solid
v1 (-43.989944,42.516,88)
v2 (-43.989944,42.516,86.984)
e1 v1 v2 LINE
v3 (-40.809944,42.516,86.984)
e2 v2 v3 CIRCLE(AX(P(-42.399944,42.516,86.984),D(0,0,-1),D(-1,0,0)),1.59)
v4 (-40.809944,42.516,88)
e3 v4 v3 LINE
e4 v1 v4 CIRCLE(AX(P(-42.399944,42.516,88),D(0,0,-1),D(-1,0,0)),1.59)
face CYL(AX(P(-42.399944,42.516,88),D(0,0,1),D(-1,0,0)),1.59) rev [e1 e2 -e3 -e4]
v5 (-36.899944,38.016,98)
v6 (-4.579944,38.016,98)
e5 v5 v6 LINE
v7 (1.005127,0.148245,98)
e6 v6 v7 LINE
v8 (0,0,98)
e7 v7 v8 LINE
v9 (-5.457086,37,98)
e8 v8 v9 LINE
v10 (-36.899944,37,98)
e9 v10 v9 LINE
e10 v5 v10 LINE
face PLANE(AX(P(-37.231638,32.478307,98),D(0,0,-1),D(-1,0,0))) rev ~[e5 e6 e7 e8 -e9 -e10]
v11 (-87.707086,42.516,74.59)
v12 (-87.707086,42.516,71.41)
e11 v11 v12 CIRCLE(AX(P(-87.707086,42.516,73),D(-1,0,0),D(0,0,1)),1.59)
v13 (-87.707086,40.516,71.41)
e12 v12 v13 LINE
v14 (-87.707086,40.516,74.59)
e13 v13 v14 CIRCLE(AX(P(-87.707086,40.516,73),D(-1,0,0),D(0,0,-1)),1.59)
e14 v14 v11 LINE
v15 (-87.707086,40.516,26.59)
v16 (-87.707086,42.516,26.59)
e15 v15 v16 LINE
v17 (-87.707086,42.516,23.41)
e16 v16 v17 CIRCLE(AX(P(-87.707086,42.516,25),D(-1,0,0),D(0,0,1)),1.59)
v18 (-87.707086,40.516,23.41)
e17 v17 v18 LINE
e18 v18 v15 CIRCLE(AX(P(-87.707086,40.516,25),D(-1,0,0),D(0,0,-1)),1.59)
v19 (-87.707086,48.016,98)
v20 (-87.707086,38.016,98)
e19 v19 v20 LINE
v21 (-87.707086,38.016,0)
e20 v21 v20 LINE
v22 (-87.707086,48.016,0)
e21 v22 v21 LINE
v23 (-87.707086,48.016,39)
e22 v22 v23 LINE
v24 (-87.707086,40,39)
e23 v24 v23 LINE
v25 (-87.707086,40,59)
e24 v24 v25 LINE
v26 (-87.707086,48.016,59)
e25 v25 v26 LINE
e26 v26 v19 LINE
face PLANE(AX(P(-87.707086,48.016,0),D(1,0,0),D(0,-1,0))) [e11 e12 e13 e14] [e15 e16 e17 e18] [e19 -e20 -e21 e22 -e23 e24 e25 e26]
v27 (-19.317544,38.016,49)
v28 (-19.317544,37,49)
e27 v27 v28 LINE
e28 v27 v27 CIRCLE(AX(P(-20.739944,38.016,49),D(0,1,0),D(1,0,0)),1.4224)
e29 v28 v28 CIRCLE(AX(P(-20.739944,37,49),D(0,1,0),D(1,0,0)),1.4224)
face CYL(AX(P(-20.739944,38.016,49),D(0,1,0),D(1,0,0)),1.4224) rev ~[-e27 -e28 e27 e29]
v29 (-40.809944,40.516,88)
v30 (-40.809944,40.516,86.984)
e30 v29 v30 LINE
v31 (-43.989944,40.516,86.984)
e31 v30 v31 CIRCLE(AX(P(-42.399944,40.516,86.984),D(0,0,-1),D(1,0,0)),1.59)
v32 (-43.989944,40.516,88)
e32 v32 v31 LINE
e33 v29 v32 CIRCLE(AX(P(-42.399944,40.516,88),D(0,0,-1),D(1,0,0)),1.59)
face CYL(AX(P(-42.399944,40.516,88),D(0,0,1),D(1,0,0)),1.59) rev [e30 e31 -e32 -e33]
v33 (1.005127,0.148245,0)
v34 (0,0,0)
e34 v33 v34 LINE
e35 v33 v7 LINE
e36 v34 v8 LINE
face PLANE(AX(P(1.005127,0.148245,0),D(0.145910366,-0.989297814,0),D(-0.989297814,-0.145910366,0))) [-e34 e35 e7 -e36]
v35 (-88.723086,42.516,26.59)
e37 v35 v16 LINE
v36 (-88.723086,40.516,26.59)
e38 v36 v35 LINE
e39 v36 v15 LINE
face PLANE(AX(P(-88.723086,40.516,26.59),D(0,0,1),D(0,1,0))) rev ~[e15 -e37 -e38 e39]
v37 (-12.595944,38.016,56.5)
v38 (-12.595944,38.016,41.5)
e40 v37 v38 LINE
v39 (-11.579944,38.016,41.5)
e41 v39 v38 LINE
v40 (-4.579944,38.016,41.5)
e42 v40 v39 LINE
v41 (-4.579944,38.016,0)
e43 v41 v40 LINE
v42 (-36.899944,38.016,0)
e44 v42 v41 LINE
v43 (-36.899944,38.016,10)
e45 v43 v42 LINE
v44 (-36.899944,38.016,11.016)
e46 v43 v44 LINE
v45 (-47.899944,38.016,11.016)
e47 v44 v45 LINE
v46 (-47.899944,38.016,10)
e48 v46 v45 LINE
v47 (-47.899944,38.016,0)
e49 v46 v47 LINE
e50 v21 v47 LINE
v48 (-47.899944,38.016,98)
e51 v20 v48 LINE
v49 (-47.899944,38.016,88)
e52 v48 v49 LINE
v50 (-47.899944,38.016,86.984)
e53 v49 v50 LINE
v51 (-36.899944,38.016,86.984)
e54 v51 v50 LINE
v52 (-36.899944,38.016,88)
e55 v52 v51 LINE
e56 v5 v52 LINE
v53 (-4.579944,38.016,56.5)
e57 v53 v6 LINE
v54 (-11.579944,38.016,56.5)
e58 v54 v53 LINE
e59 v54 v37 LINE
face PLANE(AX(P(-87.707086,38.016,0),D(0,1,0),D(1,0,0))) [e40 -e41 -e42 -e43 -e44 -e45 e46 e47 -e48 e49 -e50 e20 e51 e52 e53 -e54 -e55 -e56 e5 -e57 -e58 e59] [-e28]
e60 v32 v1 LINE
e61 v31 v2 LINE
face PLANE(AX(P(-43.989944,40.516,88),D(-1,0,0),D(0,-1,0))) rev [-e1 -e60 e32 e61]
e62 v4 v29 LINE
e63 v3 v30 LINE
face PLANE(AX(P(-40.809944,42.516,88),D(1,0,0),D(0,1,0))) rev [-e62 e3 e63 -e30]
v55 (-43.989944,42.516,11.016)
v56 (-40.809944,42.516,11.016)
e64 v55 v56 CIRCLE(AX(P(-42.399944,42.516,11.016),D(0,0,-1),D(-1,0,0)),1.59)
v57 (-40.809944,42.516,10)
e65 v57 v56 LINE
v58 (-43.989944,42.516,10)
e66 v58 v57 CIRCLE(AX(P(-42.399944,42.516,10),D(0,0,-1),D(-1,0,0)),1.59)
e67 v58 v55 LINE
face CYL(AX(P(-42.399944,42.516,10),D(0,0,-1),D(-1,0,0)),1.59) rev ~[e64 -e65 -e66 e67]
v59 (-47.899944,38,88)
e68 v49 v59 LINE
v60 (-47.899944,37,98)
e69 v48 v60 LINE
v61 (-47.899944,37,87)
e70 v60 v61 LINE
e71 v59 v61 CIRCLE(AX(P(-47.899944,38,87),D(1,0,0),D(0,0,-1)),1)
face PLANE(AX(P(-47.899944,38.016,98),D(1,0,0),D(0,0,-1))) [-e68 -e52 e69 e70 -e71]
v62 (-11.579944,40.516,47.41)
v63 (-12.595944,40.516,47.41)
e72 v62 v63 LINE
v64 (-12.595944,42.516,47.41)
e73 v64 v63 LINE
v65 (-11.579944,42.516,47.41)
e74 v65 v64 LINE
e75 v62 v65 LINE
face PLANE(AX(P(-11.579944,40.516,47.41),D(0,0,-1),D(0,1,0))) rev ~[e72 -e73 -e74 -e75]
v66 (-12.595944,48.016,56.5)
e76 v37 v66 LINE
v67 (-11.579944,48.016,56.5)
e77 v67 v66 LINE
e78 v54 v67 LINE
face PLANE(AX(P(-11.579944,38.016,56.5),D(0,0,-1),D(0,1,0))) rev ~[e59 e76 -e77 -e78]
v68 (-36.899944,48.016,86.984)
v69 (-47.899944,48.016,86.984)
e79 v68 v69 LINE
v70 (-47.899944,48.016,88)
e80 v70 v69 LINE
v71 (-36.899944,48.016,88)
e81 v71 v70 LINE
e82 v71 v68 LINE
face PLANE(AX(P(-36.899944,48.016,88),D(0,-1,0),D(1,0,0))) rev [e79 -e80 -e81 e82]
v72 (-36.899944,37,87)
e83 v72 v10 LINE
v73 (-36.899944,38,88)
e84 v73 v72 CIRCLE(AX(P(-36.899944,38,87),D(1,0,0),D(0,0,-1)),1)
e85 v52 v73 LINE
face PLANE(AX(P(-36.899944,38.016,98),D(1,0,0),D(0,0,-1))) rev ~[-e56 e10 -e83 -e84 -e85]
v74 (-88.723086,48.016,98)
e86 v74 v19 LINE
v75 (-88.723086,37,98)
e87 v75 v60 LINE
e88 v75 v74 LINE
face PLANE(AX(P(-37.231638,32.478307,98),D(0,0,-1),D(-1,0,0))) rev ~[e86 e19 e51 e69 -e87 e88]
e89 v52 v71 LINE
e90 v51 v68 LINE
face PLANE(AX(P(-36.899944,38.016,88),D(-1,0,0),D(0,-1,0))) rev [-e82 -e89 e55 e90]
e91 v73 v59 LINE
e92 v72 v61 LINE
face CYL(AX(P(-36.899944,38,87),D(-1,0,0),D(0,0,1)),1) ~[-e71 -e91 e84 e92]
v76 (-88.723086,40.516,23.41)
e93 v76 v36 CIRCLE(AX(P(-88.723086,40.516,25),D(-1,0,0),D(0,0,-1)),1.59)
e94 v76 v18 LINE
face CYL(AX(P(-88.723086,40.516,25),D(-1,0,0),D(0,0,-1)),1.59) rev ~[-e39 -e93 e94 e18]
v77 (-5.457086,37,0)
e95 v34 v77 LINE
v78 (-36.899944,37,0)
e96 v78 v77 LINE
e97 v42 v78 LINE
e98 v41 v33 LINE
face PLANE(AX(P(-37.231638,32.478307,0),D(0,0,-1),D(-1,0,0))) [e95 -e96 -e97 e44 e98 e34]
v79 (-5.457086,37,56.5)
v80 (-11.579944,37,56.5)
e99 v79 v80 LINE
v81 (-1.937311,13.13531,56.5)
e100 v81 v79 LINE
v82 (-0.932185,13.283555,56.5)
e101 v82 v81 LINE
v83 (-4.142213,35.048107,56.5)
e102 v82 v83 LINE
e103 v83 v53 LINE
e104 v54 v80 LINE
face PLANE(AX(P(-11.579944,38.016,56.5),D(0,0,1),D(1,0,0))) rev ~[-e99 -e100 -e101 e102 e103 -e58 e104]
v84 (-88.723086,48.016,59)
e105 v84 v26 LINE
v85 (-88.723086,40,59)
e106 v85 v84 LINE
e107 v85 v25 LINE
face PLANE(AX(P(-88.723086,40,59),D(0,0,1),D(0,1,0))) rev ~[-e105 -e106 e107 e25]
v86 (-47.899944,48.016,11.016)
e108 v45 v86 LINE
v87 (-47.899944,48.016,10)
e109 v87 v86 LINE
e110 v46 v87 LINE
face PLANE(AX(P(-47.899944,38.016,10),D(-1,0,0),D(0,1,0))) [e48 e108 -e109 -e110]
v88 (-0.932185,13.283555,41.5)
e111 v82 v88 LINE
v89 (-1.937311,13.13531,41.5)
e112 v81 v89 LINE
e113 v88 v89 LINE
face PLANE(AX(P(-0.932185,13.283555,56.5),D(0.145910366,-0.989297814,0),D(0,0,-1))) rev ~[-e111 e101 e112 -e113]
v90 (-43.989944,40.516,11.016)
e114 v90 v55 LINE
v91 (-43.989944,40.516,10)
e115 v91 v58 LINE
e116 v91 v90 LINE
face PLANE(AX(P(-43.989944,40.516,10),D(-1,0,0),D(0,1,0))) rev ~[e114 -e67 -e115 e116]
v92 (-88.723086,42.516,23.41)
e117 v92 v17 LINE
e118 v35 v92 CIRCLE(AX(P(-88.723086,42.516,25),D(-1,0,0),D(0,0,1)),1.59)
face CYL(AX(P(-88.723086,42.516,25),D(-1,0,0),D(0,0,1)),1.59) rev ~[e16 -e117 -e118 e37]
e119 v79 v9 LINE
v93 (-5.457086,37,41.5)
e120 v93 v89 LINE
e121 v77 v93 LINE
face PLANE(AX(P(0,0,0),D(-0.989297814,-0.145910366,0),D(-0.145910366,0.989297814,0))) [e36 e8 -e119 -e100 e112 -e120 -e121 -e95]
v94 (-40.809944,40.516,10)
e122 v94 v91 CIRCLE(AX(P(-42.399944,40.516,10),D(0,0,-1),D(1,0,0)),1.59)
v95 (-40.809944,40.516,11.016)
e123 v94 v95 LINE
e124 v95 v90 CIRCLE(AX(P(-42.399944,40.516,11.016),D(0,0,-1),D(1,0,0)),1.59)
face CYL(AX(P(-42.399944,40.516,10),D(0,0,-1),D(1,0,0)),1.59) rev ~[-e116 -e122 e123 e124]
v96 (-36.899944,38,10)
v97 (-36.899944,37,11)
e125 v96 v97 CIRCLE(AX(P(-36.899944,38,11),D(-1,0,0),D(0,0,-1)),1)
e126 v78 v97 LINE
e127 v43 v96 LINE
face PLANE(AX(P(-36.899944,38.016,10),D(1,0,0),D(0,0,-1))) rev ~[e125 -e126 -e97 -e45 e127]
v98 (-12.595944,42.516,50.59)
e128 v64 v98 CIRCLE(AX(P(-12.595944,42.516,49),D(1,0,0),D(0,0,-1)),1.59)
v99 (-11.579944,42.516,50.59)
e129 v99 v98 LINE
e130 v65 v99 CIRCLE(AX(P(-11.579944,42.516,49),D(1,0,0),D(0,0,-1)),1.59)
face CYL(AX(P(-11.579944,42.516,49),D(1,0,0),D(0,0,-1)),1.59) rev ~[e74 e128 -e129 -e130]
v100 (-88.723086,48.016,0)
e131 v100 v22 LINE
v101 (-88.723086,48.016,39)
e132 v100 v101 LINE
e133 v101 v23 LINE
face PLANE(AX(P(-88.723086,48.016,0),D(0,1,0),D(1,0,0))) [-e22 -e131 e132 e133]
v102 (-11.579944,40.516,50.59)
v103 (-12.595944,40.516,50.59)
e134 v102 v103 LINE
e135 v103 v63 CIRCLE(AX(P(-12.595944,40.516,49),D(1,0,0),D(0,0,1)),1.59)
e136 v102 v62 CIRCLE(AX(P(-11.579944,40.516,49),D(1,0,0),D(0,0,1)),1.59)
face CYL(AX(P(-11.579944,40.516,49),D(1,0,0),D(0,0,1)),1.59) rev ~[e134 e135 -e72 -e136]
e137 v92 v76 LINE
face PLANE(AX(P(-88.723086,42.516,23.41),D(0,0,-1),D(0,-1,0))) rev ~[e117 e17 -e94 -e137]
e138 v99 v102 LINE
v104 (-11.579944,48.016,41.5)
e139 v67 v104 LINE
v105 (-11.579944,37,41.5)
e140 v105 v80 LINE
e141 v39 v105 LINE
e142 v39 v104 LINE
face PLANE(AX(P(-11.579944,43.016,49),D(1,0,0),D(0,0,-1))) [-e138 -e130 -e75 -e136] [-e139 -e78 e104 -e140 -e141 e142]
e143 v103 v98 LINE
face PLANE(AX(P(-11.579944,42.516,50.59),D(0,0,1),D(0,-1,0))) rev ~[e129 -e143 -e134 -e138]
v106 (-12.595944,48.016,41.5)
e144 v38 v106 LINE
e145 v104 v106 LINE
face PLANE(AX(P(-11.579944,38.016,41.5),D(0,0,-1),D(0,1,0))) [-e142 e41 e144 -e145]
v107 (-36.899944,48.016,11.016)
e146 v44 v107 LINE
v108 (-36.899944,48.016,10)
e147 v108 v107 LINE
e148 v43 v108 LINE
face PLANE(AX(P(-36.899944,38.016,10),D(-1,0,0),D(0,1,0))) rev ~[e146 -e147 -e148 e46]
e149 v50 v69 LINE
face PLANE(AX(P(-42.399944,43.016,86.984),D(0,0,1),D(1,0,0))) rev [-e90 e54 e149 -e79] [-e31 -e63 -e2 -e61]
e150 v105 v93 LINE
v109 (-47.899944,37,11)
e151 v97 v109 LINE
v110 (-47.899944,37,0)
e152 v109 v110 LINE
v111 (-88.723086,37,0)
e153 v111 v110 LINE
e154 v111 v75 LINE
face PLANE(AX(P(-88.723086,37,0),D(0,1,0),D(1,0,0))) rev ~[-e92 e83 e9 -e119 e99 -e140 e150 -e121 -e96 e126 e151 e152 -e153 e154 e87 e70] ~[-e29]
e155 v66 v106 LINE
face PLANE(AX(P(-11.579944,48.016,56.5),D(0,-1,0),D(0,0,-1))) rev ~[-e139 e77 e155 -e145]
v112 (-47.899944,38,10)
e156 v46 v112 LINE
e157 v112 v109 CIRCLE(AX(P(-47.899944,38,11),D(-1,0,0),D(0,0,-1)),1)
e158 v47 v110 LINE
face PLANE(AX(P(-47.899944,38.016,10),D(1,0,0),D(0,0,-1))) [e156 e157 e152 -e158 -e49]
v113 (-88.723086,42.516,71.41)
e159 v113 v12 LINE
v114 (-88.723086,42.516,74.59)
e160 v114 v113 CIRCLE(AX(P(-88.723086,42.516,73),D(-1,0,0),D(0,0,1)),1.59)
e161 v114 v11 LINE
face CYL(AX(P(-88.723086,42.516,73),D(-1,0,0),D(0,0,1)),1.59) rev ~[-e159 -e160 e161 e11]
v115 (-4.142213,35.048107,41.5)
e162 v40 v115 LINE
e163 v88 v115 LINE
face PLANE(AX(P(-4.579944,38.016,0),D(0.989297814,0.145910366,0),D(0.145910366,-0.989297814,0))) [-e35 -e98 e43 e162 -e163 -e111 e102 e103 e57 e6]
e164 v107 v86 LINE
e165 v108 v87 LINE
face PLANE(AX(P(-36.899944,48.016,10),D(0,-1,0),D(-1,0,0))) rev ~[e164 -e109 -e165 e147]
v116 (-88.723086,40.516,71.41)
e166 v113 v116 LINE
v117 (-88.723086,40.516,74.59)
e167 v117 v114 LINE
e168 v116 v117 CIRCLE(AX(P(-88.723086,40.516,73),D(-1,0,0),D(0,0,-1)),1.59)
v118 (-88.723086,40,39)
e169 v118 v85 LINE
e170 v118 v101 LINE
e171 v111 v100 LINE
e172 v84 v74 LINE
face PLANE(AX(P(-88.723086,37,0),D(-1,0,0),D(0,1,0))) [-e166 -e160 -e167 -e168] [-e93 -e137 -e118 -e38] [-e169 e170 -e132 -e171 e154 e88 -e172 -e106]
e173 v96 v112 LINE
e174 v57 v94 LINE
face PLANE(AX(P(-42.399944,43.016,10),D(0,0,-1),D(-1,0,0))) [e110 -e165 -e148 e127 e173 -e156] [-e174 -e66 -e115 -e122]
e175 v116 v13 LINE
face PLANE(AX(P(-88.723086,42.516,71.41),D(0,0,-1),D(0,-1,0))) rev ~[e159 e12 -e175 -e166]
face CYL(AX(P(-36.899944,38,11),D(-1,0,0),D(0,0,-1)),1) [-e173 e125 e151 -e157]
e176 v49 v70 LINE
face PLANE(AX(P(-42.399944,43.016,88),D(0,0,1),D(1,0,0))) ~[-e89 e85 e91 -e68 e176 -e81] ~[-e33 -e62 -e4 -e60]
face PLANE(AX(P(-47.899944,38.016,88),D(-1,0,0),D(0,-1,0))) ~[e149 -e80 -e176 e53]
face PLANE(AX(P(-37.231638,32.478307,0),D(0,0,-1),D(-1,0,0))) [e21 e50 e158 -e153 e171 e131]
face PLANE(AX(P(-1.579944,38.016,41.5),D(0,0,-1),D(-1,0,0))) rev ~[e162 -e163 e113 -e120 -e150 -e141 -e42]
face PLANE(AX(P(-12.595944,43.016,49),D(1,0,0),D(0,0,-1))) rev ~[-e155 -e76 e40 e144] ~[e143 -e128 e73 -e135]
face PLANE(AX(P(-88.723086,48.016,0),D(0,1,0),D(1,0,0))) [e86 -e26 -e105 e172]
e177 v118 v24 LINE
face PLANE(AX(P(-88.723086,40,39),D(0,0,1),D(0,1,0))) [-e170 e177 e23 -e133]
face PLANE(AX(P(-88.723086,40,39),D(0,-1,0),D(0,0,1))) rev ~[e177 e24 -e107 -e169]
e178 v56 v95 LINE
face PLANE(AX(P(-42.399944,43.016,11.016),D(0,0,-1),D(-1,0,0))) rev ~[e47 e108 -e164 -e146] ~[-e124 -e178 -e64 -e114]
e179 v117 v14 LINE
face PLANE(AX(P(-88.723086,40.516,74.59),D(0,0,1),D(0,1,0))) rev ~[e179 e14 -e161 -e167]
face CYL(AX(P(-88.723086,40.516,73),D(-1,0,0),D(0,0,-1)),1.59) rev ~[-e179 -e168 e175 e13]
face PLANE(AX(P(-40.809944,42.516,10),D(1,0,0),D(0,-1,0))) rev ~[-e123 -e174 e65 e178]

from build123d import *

# Parameters (mm, degrees)
BOSS_EXTRUDE1_DEPTH = 98
CUT_EXTRUDE1_REACH  = 40.016
SKETCH2_W           = 11
SKETCH2_H           = 10
SKETCH4_W           = 11
SKETCH4_H           = 10
BOSS_EXTRUDE2_DEPTH = 1.016
FILLET2_R           = 1
CUT_EXTRUDE2_REACH  = 40.016
SKETCH6_R           = 1.4224
FILLET4_R           = 1
CUT_EXTRUDE4_REACH  = 91.728
SKETCH8_W           = 20
SKETCH8_H           = 8.016
CUT_EXTRUDE5_REACH  = 90.79
SKETCH9_W           = 15
SKETCH9_H           = 22
CUT_EXTRUDE6_REACH  = 40.016
SKETCH11_W          = 15
SKETCH11_H          = 10
BOSS_EXTRUDE4_DEPTH = 1.016
CUT_EXTRUDE7_REACH  = 79.143


with BuildPart() as part:
    # Sketch1 → Boss-Extrude1 (new body)
    with BuildSketch(Plane.XY):
        Polygon((0, 0), (-5.457086284, 37), (-87.707086284, 37), (-88.723086284, 37), (-88.723086284, 48.016), (-87.707086284, 48.016), (-87.707086284, 38.016), (-4.579943874, 38.016), (1.005126579, 0.148244932), align=None)
    extrude(amount=BOSS_EXTRUDE1_DEPTH)

    # Sketch2 → Cut-Extrude1 (cut, up to next)
    with BuildSketch(Plane(origin=(0, 38.016, 0), x_dir=(1, 0, 0), z_dir=(0, 1, 0)), mode=Mode.PRIVATE) as cut_extrude1_sk1:
        with Locations((-42.399943874, -5)):
            Rectangle(SKETCH2_W, SKETCH2_H)
    cut_extrude1_tool1 = extrude(cut_extrude1_sk1.sketch, amount=-CUT_EXTRUDE1_REACH, mode=Mode.PRIVATE) & part.part
    add(cut_extrude1_tool1.solids().sort_by_distance((-42.399944, 38.016, 5))[0], mode=Mode.SUBTRACT)
    # Sketch2 → Cut-Extrude1 (cut, up to next)
    with BuildSketch(Plane(origin=(0, 38.016, 0), x_dir=(1, 0, 0), z_dir=(0, 1, 0)), mode=Mode.PRIVATE) as cut_extrude1_sk2:
        with Locations((-42.399943874, -93)):
            Rectangle(SKETCH2_W, SKETCH2_H)
    cut_extrude1_tool2 = extrude(cut_extrude1_sk2.sketch, amount=-CUT_EXTRUDE1_REACH, mode=Mode.PRIVATE) & part.part
    add(cut_extrude1_tool2.solids().sort_by_distance((-42.399944, 38.016, 93))[0], mode=Mode.SUBTRACT)

    # Sketch4 → Boss-Extrude2 (add)
    with BuildSketch(Plane(origin=(0, 0, 10), x_dir=(-1, 0, 0), z_dir=(0, 0, -1))):
        with Locations((42.399943874, 43.016)):
            Rectangle(SKETCH4_W, SKETCH4_H)
        with BuildLine():
            Line((43.989943874, 40.516), (43.989943874, 42.516))
            ThreePointArc((43.989943874, 42.516), (42.399943874, 44.106), (40.809943874, 42.516))
            Line((40.809943874, 42.516), (40.809943874, 40.516))
            ThreePointArc((40.809943874, 40.516), (42.399943874, 38.926), (43.989943874, 40.516))
        make_face(mode=Mode.SUBTRACT)
    boss_extrude2 = extrude(amount=-BOSS_EXTRUDE2_DEPTH)

    # Fillet2
    fillet2_edges = [part.edges().sort_by_distance(p)[0] for p in [
        (-42.399943874, 37, 10),
    ]]
    fillet(fillet2_edges, radius=FILLET2_R)

    # Sketch6 → Cut-Extrude2 (cut, up to next)
    with BuildSketch(Plane(origin=(0, 38.016, 0), x_dir=(1, 0, 0), z_dir=(0, 1, 0)), mode=Mode.PRIVATE) as cut_extrude2_sk1:
        with Locations((-20.739943874, -49)):
            Circle(SKETCH6_R)
    cut_extrude2_tool1 = extrude(cut_extrude2_sk1.sketch, amount=-CUT_EXTRUDE2_REACH, mode=Mode.PRIVATE) & part.part
    add(cut_extrude2_tool1.solids().sort_by_distance((-20.739944, 38.016, 49))[0], mode=Mode.SUBTRACT)

    # Mirror4: Boss-Extrude2 across plane
    add(boss_extrude2.mirror(Plane.XY.offset(49)))

    # Fillet4
    fillet4_edges = [part.edges().sort_by_distance(p)[0] for p in [
        (-42.399943874, 37, 88),
    ]]
    fillet(fillet4_edges, radius=FILLET4_R)

    # Sketch8 → Cut-Extrude4 (cut, up to next)
    with BuildSketch(Plane.ZY.offset(88.723086284), mode=Mode.PRIVATE) as cut_extrude4_sk1:
        with BuildLine():
            Line((23.41, 42.516), (23.41, 40.516))
            ThreePointArc((23.41, 40.516), (25, 38.926), (26.59, 40.516))
            Line((26.59, 40.516), (26.59, 42.516))
            ThreePointArc((26.59, 42.516), (25, 44.106), (23.41, 42.516))
        make_face()
    cut_extrude4_tool1 = extrude(cut_extrude4_sk1.sketch, amount=-CUT_EXTRUDE4_REACH, mode=Mode.PRIVATE) & part.part
    add(cut_extrude4_tool1.solids().sort_by_distance((-88.723086, 41.516, 25))[0], mode=Mode.SUBTRACT)
    # Sketch8 → Cut-Extrude4 (cut, up to next)
    with BuildSketch(Plane.ZY.offset(88.723086284), mode=Mode.PRIVATE) as cut_extrude4_sk2:
        with BuildLine():
            Line((71.41, 42.516), (71.41, 40.516))
            ThreePointArc((71.41, 40.516), (73, 38.926), (74.59, 40.516))
            Line((74.59, 40.516), (74.59, 42.516))
            ThreePointArc((74.59, 42.516), (73, 44.106), (71.41, 42.516))
        make_face()
    cut_extrude4_tool2 = extrude(cut_extrude4_sk2.sketch, amount=-CUT_EXTRUDE4_REACH, mode=Mode.PRIVATE) & part.part
    add(cut_extrude4_tool2.solids().sort_by_distance((-88.723086, 41.516, 73))[0], mode=Mode.SUBTRACT)
    # Sketch8 → Cut-Extrude4 (cut, up to next)
    with BuildSketch(Plane.ZY.offset(88.723086284), mode=Mode.PRIVATE) as cut_extrude4_sk3:
        with Locations((49, 44.008)):
            Rectangle(SKETCH8_W, SKETCH8_H)
    cut_extrude4_tool3 = extrude(cut_extrude4_sk3.sketch, amount=-CUT_EXTRUDE4_REACH, mode=Mode.PRIVATE) & part.part
    add(cut_extrude4_tool3.solids().sort_by_distance((-88.723086, 44.008, 49))[0], mode=Mode.SUBTRACT)

    # Sketch9 → Cut-Extrude5 (cut, up to next)
    with BuildSketch(Plane(origin=(1.005126579, 0.148244932, 0), x_dir=(0, 0, -1), z_dir=(0.989297814, 0.145910366, 0)), mode=Mode.PRIVATE) as cut_extrude5_sk1:
        with Locations((-49, 24.27740699)):
            Rectangle(SKETCH9_W, SKETCH9_H)
    cut_extrude5_tool1 = extrude(cut_extrude5_sk1.sketch, amount=-CUT_EXTRUDE5_REACH, mode=Mode.PRIVATE) & part.part
    add(cut_extrude5_tool1.solids().sort_by_distance((-2.537199, 24.165831, 49))[0], mode=Mode.SUBTRACT)

    # Sketch10 → Cut-Extrude6 (cut, up to next)
    with BuildSketch(Plane(origin=(0, 38.016, 0), x_dir=(1, 0, 0), z_dir=(0, 1, 0)), mode=Mode.PRIVATE) as cut_extrude6_sk1:
        Polygon((-4.579943874, -56.5), (-11.579943874, -56.5), (-11.579943874, -41.5), (-4.579943874, -41.5), (-1.579943874, -41.5), (-1.579943874, -56.5), align=None)
    cut_extrude6_tool1 = extrude(cut_extrude6_sk1.sketch, amount=-CUT_EXTRUDE6_REACH, mode=Mode.PRIVATE) & part.part
    add(cut_extrude6_tool1.solids().sort_by_distance((-6.579944, 38.016, 49))[0], mode=Mode.SUBTRACT)

    # Sketch11 → Boss-Extrude4 (add)
    with BuildSketch(Plane(origin=(-11.579943874, 0, 0), x_dir=(0, 0, -1), z_dir=(1, 0, 0))):
        with Locations((-49, 43.016)):
            Rectangle(SKETCH11_W, SKETCH11_H)
    extrude(amount=-BOSS_EXTRUDE4_DEPTH)

    # Sketch12 → Cut-Extrude7 (cut, up to next)
    with BuildSketch(Plane(origin=(-11.579943874, 0, 0), x_dir=(0, 0, -1), z_dir=(1, 0, 0)), mode=Mode.PRIVATE) as cut_extrude7_sk1:
        with BuildLine():
            Line((-50.59, 42.516), (-50.59, 40.516))
            ThreePointArc((-50.59, 40.516), (-49, 38.926), (-47.41, 40.516))
            Line((-47.41, 40.516), (-47.41, 42.516))
            ThreePointArc((-47.41, 42.516), (-49, 44.106), (-50.59, 42.516))
        make_face()
    cut_extrude7_tool1 = extrude(cut_extrude7_sk1.sketch, amount=-CUT_EXTRUDE7_REACH, mode=Mode.PRIVATE) & part.part
    add(cut_extrude7_tool1.solids().sort_by_distance((-11.579944, 41.516, 49))[0], mode=Mode.SUBTRACT)


solid = part.part
